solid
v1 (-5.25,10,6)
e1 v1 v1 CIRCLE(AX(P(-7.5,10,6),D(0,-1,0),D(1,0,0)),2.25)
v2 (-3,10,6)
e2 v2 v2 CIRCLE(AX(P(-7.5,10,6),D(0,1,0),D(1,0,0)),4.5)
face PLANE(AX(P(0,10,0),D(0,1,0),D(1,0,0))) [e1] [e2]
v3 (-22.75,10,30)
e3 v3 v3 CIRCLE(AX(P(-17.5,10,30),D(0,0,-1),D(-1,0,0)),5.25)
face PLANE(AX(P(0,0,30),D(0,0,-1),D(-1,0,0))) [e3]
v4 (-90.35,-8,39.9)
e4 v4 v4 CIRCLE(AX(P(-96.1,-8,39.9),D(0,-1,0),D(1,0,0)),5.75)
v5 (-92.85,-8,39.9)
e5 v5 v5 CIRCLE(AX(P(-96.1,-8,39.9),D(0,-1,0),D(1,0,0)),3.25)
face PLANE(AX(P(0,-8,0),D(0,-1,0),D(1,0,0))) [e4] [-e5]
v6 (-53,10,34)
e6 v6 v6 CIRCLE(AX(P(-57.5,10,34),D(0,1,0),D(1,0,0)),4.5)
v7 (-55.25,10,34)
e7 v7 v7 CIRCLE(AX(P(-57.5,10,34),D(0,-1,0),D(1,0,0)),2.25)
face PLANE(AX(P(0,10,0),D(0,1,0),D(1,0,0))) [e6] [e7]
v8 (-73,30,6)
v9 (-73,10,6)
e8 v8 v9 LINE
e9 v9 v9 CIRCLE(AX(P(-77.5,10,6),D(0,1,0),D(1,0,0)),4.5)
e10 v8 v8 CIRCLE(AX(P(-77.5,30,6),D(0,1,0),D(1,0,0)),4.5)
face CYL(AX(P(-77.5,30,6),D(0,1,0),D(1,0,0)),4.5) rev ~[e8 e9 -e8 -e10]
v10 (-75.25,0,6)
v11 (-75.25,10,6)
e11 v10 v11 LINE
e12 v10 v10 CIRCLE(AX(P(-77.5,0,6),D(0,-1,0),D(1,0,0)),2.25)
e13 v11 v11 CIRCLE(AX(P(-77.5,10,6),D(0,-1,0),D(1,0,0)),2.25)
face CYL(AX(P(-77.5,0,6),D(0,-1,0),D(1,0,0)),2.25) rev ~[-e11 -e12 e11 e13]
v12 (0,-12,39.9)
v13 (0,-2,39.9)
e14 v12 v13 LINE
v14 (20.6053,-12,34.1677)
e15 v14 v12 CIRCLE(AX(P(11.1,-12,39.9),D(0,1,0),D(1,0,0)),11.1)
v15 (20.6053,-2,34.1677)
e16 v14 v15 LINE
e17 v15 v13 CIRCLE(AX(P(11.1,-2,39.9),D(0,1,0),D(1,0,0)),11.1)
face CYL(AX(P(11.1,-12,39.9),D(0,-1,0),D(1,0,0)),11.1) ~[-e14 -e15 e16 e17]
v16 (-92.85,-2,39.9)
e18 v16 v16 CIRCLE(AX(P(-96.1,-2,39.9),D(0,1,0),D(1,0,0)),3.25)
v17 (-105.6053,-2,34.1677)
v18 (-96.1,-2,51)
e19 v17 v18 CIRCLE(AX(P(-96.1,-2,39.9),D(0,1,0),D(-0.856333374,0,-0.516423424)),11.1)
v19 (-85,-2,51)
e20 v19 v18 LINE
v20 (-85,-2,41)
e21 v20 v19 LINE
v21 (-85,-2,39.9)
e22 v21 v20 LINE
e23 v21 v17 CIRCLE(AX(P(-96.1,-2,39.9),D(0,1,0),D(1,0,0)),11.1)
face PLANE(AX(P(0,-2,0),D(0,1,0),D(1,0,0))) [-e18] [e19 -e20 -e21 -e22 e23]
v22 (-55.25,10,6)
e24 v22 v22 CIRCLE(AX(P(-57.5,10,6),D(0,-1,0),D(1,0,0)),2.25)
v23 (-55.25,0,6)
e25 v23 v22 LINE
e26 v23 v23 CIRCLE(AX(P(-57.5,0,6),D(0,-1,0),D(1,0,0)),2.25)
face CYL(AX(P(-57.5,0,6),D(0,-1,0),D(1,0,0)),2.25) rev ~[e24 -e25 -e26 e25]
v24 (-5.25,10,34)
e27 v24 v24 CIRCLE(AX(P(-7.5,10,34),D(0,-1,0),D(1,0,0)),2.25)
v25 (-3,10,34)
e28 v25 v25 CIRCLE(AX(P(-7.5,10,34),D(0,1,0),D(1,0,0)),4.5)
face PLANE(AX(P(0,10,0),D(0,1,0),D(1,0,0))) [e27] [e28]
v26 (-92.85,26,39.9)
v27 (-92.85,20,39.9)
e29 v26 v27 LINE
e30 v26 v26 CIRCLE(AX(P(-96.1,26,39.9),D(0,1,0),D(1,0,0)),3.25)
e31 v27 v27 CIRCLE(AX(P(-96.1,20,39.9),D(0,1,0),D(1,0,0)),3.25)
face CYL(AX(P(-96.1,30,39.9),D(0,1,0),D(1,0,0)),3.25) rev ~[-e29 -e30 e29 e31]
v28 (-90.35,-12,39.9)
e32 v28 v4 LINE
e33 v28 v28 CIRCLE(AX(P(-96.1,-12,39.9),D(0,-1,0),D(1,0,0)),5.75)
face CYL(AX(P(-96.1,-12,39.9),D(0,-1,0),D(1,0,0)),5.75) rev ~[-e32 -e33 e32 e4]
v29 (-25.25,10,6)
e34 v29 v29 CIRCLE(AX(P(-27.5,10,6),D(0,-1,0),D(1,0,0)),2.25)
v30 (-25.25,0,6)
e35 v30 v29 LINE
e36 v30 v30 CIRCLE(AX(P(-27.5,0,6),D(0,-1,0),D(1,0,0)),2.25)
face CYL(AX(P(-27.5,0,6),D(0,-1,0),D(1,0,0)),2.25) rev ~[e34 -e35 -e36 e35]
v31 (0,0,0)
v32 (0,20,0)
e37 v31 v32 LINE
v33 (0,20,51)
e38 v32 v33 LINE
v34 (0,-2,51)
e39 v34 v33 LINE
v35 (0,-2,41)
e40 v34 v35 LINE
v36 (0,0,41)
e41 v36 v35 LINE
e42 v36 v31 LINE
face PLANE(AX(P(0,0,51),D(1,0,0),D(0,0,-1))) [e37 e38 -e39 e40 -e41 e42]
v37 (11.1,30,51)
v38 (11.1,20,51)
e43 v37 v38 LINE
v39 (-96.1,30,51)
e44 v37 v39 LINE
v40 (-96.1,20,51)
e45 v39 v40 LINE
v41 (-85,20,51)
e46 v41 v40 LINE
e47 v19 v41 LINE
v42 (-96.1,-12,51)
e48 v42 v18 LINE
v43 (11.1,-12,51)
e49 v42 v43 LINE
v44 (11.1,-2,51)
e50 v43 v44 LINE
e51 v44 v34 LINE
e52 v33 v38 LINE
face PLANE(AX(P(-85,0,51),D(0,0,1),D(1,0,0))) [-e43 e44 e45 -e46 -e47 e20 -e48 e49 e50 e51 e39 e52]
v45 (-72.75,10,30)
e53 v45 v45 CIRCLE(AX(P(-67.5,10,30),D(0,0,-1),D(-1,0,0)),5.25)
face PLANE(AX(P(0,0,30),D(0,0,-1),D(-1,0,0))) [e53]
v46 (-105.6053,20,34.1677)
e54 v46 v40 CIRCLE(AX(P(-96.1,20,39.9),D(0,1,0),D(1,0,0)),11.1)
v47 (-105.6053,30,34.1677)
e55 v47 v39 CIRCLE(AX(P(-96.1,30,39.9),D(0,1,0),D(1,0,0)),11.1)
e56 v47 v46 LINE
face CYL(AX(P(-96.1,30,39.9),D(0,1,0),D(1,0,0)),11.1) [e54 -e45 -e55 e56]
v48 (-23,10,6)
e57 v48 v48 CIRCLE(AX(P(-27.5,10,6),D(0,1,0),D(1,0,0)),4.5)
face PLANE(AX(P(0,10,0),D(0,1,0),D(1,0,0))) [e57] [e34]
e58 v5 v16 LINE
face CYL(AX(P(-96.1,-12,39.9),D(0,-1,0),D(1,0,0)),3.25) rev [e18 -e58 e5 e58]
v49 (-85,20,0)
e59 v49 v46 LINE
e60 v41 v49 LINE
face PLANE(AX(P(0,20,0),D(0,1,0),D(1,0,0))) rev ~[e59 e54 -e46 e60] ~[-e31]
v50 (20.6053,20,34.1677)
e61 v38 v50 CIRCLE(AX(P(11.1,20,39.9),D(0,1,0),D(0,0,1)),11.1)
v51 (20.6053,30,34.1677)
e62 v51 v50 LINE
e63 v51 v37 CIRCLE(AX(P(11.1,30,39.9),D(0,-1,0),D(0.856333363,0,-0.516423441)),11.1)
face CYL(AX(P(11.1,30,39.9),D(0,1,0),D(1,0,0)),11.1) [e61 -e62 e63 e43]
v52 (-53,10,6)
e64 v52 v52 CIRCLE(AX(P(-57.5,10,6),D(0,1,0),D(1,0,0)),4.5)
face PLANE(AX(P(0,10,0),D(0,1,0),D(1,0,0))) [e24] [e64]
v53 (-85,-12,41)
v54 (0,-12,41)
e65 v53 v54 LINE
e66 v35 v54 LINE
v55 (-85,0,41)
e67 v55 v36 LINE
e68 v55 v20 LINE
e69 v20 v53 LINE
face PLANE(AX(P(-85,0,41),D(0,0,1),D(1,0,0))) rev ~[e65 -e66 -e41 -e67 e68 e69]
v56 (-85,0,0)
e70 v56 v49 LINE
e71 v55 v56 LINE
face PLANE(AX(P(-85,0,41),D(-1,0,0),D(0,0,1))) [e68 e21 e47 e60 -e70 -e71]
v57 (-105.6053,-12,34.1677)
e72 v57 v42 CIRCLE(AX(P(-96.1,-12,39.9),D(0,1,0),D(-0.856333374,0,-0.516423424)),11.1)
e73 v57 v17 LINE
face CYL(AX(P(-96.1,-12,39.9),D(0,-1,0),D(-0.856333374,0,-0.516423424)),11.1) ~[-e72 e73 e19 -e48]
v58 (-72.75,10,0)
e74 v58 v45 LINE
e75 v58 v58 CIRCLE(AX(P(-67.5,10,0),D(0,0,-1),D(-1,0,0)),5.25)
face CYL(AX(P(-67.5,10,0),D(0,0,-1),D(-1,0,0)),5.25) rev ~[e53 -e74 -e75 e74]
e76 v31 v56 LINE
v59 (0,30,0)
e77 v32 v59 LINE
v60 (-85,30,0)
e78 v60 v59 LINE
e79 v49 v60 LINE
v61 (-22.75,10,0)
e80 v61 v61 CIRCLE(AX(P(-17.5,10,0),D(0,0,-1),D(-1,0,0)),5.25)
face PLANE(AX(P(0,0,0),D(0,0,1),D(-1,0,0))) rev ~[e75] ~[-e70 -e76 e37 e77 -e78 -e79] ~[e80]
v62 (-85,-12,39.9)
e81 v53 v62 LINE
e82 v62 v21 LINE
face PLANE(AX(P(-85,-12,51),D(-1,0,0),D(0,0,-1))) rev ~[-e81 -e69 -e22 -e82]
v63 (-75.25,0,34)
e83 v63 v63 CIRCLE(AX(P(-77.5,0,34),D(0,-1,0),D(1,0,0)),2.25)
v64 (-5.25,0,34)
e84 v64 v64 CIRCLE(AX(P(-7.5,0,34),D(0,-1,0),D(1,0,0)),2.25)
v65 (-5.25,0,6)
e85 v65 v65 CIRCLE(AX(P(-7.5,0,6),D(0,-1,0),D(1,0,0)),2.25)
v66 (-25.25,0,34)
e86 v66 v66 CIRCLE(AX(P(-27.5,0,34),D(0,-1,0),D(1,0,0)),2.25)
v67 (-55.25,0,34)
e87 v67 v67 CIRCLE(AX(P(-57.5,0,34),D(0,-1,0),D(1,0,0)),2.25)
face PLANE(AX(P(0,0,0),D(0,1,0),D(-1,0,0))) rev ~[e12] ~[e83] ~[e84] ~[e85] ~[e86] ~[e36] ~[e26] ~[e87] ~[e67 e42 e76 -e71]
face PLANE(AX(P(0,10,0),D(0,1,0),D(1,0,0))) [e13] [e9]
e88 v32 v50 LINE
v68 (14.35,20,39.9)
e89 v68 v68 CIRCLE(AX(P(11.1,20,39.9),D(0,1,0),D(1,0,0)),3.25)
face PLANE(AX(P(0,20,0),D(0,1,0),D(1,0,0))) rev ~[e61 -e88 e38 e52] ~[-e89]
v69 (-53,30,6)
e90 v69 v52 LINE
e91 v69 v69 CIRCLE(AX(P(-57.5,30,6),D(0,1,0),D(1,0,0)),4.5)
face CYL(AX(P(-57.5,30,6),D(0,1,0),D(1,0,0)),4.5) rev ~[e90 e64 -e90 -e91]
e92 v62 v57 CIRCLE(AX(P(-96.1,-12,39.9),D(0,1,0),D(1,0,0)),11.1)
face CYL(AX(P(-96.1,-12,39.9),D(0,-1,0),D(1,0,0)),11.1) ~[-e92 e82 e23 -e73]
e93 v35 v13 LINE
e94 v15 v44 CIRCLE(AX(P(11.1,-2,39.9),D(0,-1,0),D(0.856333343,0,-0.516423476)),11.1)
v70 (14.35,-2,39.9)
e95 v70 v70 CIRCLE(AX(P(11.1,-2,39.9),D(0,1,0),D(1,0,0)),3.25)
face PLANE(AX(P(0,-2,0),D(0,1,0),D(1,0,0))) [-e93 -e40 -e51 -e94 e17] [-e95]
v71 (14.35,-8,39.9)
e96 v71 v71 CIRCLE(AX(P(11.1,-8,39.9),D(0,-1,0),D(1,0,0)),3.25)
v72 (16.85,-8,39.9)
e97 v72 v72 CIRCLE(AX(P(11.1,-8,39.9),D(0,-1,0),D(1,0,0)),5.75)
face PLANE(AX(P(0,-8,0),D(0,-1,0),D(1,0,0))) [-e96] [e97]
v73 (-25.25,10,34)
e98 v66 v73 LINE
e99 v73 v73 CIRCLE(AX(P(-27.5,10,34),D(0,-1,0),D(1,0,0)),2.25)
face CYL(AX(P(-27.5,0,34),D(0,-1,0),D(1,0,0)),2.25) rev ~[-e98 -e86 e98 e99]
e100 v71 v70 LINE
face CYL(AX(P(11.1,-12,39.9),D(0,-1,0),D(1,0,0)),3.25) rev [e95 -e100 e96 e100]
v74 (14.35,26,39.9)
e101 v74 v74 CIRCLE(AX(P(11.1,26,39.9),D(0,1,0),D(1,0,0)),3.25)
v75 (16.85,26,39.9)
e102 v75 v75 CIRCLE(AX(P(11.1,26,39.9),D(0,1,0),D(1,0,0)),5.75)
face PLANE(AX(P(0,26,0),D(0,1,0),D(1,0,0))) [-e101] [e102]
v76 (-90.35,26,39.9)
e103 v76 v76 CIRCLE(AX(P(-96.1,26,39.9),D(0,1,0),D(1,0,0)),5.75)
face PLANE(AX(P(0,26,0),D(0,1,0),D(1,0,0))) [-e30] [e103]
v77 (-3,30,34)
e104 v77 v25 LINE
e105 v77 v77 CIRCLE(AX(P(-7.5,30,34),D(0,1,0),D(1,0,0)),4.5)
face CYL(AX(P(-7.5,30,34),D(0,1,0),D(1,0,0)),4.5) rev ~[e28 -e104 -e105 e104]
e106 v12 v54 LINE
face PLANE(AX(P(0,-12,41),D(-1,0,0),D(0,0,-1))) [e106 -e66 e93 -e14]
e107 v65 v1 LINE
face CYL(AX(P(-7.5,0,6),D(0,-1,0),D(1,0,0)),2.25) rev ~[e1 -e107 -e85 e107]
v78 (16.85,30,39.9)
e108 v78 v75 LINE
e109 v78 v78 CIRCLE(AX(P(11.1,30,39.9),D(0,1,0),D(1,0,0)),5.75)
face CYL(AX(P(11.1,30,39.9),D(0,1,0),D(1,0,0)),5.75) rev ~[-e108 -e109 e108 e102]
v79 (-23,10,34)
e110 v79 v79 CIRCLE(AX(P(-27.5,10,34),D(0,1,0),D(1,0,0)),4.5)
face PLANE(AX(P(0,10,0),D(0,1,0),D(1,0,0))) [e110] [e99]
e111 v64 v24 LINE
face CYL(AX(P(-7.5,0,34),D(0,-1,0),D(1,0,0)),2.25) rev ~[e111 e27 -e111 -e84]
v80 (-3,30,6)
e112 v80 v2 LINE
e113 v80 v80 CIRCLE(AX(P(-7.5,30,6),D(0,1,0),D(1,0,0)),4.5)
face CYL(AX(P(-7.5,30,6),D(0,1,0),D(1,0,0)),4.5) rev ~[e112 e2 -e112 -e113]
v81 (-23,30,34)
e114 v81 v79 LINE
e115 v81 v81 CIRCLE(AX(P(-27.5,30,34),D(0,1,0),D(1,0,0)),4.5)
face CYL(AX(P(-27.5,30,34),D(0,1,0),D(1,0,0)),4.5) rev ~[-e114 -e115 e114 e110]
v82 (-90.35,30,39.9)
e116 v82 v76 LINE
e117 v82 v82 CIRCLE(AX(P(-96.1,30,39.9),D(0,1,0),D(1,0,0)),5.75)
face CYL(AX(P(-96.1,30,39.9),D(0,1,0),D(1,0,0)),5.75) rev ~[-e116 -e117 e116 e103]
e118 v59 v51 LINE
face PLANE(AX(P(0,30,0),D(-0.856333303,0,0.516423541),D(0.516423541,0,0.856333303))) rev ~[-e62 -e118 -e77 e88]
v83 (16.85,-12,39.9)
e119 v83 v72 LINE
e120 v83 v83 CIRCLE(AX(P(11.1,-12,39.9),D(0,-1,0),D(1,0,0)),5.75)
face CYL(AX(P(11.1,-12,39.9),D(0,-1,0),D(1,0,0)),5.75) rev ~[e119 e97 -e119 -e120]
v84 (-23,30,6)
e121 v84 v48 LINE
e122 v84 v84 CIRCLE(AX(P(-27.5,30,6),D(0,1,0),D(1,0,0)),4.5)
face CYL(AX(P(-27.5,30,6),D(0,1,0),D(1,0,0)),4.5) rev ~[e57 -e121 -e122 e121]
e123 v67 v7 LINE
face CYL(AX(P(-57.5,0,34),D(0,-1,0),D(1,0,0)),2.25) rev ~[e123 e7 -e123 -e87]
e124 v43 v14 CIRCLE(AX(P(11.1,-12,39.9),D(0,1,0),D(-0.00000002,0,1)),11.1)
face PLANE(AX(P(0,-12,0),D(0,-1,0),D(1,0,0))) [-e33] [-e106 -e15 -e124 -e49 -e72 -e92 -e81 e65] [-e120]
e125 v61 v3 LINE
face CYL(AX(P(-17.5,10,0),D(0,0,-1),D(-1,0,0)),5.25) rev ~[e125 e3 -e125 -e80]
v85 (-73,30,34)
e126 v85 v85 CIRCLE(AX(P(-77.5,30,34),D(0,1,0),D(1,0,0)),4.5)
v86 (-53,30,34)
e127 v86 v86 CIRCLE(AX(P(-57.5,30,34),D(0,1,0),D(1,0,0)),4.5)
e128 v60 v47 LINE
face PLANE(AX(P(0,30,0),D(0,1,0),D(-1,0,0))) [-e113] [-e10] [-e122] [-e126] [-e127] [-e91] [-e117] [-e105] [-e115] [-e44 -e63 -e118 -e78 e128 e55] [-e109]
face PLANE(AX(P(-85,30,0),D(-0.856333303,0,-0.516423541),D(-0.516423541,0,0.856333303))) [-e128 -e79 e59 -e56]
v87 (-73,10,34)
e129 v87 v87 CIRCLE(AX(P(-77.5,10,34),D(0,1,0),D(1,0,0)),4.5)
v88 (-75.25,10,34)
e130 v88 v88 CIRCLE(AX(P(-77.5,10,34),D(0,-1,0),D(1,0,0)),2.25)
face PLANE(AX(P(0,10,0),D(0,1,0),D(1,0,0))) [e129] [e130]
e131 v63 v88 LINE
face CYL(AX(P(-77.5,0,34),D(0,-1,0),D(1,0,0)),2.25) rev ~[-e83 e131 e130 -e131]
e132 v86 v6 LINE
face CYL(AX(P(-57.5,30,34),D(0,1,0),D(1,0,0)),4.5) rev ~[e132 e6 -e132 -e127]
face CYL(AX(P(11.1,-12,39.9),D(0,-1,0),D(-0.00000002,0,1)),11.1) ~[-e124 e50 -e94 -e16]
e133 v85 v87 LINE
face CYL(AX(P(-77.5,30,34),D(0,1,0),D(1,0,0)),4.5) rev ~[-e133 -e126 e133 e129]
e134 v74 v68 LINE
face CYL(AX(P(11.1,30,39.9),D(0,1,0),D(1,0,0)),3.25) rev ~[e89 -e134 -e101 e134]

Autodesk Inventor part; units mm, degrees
ref_plane "YZ Plane" through (0, 0, 0) normal (1, 0, 0) x (0, 1, 0)
ref_plane "XZ Plane" through (0, 0, 0) normal (0, 1, 0) x (-1, 0, 0)
sketch "Sketch1" plane through (0, 0, 0) normal (0, 1, 0) x (-1, 0, 0)
  line L0 (0, 0) -> (35, 0)
  line L1 (35, 0) -> (35, 40)
  line L2 (35, 40) -> (0, 40)
  line L3 (0, 40) -> (0, 0)
  line L4 (50, 0) -> (85, 0)
  line L5 (85, 0) -> (85, 40)
  line L6 (85, 40) -> (50, 40)
  line L7 (50, 40) -> (50, 0)
  line L8 (50, 40) -> (35, 40)
  line L9 (50, 0) -> (35, 0)
  line L10 (0, 40) -> (0, 51)
  line L11 (0, 51) -> (85, 51)
  line L12 (85, 51) -> (85, 40)
  dimension "d0" = 40
  dimension "d1" = 35
  dimension "d2" = 40
  dimension "d3" = 35
  dimension "d4" = 50
  dimension "d5" = 0
  dimension "d6" = 11
extrude "Extrusion1" add sketch "Sketch1" along normal blind 30
sketch "Sketch2" plane through (0, 0, 0) normal (0, -1, 0) x (1, 0, 0)
  line L0 (-85, 0) -> (-85, 51) projected
  line L1 (0, 0) -> (-85, 0) projected
  line L2 (0, 51) -> (0, 0) projected
  line L3 (-85, 51) -> (0, 51) projected
  line L4 (-85, 51) -> (0, 51) projected
  line L5 (-85, 0) -> (-85, 51) projected
  line L6 (0, 51) -> (-85, 51)
  line L7 (-85, 51) -> (-85, 41)
  line L8 (-85, 41) -> (0, 41)
  line L9 (0, 41) -> (0, 51)
  dimension "d9" = 10
extrude "Extrusion2" add sketch "Sketch2" along normal blind 12 contours L0 L3 L2 L8
sketch "Sketch3" plane through (0, 0, 0) normal (0, 0, -1) x (-1, 0, 0)
  line L0 (0, 0) -> (85, 0) projected
  line L1 (85, 0) -> (85, 30) projected
  line L2 (0, 30) -> (85, 30) projected
  line L3 (0, 0) -> (0, 30) projected
  circle A0 centre (17.5, 10) radius 5.25
  circle A1 centre (67.5, 10) radius 5.25
  dimension "d12" = 10.5
  dimension "d13" = 10.5
  dimension "d14" = 10
  dimension "d15" = 10
  dimension "d16" = 50
  dimension "d17" = 17.5
  dimension "d18" = 17.5
extrude "Extrusion3" cut sketch "Sketch3" against normal blind 30 contours A0 | A1
sketch "Sketch4" plane through (0, 30, 0) normal (0, 1, 0) x (1, 0, 0)
  line L0 (-85, 0) -> (-85, -51) projected
  line L1 (-85, -51) -> (0, -51) projected
  line L2 (0, -51) -> (0, 0) projected
  line L3 (0, 0) -> (-85, 0) projected
  line L4 (0, -51) -> (-85, -51) projected
  line L5 (-42.5, -51) -> (-42.5, 0) construction
  line L6 (0, 0) -> (-85, 0) projected
  circle A0 centre (11.1, -39.9) radius 3.25
  circle A1 centre (25, -51) radius 6.1 construction
  circle A2 centre (11.1, -39.9) radius 5
  circle A3 centre (11.1, -39.9) radius 11.1
  line L7 (0, -51) -> (11.1, -51)
  line L8 (0, -41) -> (-85, -41) projected
  line L9 (0, -41) -> (0, 0) projected
  line L10 (0, 0) -> (20.6053, -34.1677)
  circle A4 centre (-96.1, -39.9) radius 3.25
  circle A5 centre (-110, -51) radius 6.1 construction
  circle A6 centre (-96.1, -39.9) radius 5
  circle A7 centre (-96.1, -39.9) radius 11.1
  line L11 (-85, -51) -> (-96.1, -51)
  line L12 (-85, 0) -> (-105.6053, -34.1677)
  dimension "d22" = 6.5
  dimension "d23" = 11.1
  dimension "d24" = 12.2
  dimension "d25" = 25
  dimension "d26" = 0
  dimension "d27" = 10
  dimension "d28" = 11.1
  dimension "d30" = 22.2
extrude "Extrusion4" add sketch "Sketch4" against normal blind 10 contours L0 A7 L12 | A7 | L0 L11 A7 | L10 A3 L2 | A3 L7 L2 | A3 | A2 | A6
ref_plane "Work Plane1" through (0, -12, 0) normal (0, 1, 0) x (1, 0, 0)
sketch "Sketch5" plane through (0, -12, 0) normal (0, 1, 0) x (1, 0, 0)
  arc A0 (11.1, -51) -> (20.6053, -34.1677) centre (11.1, -39.9) ccw projected
  circle A1 centre (11.1, -39.9) radius 3.25 projected
  line L0 (0, -41) -> (0, -51) projected
  line L1 (0, -41) -> (0, 0) projected
  circle A2 centre (11.1, -39.9) radius 3.25 projected
  circle A3 centre (11.1, -39.9) radius 11.1
  line L2 (11.1, -51) -> (0, -51) projected
  line L3 (-85, -41) -> (0, -41) projected
  arc A4 (-105.6053, -34.1677) -> (-96.1, -51) centre (-96.1, -39.9) ccw projected
  circle A5 centre (-96.1, -39.9) radius 3.25 projected
  line L4 (-85, -51) -> (-96.1, -51) projected
  line L5 (-85, -51) -> (-85, -41) projected
  line L6 (-85, 0) -> (-85, -41) projected
  circle A6 centre (-96.1, -39.9) radius 11.1
  point P0 (20.6053, -34.1677)
  point P1 (0, -39.9)
  point P2 (-85, -39.9)
  point P3 (-105.6053, -34.1677)
extrude "Extrusion5" add sketch "Sketch5" along normal blind 10
sketch "Sketch6" plane through (0, 30, 0) normal (0, 1, 0) x (1, 0, 0)
  circle A0 centre (-96.1, -39.9) radius 3.25 projected
  circle A1 centre (11.1, -39.9) radius 3.25 projected
  circle A2 centre (11.1, -39.9) radius 5.75
  circle A3 centre (-96.1, -39.9) radius 5.75
  point P0 (0, 0)
  dimension "d36" = 11.5
  dimension "d37" = 11.5
extrude "Extrusion6" cut sketch "Sketch6" against normal blind 4
sketch "Sketch7" plane through (0, -12, 0) normal (0, -1, 0) x (1, 0, 0)
  circle A0 centre (11.1, 39.9) radius 3.25 projected
  circle A1 centre (-96.1, 39.9) radius 3.25 projected
  circle A2 centre (11.1, 39.9) radius 5.75 projected
  circle A3 centre (11.1, 39.9) radius 5.75 projected
  circle A4 centre (-96.1, 39.9) radius 5.75 projected
  point P0 (0, 0)
extrude "Extrusion7" cut sketch "Sketch7" against normal blind 4
sketch "Sketch8" plane through (0, 0, 0) normal (0, -1, 0) x (1, 0, 0)
  line L0 (0, 41) -> (-85, 41) projected
  line L1 (-85, 0) -> (-85, 41) projected
  line L2 (0, 0) -> (-85, 0) projected
  line L3 (0, 41) -> (0, 0) projected
  circle A0 centre (-7.5, 6) radius 2.25
  circle A1 centre (-27.5, 6) radius 2.25
  circle A2 centre (-7.5, 34) radius 2.25
  circle A3 centre (-27.5, 34) radius 2.25
  line L4 (0, 0) -> (-85, 0) projected
  line L5 (-42.5, 0) -> (-42.5, 41) construction
  line L6 (-85, 41) -> (0, 41) projected
  circle A4 centre (-77.5, 6) radius 2.25
  circle A5 centre (-57.5, 6) radius 2.25
  circle A6 centre (-77.5, 34) radius 2.25
  circle A7 centre (-57.5, 34) radius 2.25
  dimension "d42" = 4.5
  dimension "d45" = 20
  dimension "d48" = 28
  dimension "d51" = 6
  dimension "d52" = 7.5
extrude "Extrusion8" cut sketch "Sketch8" against normal through all contours A0 | A1 | A2 | A3 | A4 | A5 | A6 | A7
sketch "Sketch9" plane through (0, 30, 0) normal (0, 1, 0) x (1, 0, 0)
  line L0 (-12.25, 0) -> (-12.25, -30) projected
  circle A0 centre (-7.5, -34) radius 2.25 projected
  circle A1 centre (-77.5, -6) radius 2.25 projected
  circle A2 centre (-57.5, -6) radius 2.25 projected
  circle A3 centre (-7.5, -6) radius 2.25 projected
  circle A4 centre (-27.5, -34) radius 2.25 projected
  circle A5 centre (-77.5, -34) radius 2.25 projected
  circle A6 centre (-57.5, -34) radius 2.25 projected
  circle A7 centre (-27.5, -6) radius 2.25 projected
  circle A8 centre (-96.1, -39.9) radius 5.75 projected
  circle A9 centre (11.1, -39.9) radius 5.75 projected
  line L1 (-96.1, -51) -> (11.1, -51) projected
  arc A10 (11.1, -51) -> (20.6053, -34.1677) centre (11.1, -39.9) ccw projected
  line L2 (20.6053, -34.1677) -> (0, 0) projected
  line L3 (0, 0) -> (-85, 0) projected
  line L4 (-85, 0) -> (-105.6053, -34.1677) projected
  arc A11 (-105.6053, -34.1677) -> (-96.1, -51) centre (-96.1, -39.9) ccw projected
  circle A12 centre (-7.5, -6) radius 4.5
  circle A13 centre (-7.5, -34) radius 4.5
  circle A14 centre (-27.5, -34) radius 2.25 projected
  circle A15 centre (-27.5, -34) radius 4.5
  circle A16 centre (-27.5, -6) radius 2.25 projected
  circle A17 centre (-27.5, -6) radius 4.5
  circle A18 centre (-57.5, -6) radius 2.25 projected
  circle A19 centre (-57.5, -6) radius 4.5
  circle A20 centre (-57.5, -34) radius 4.5
  circle A21 centre (-77.5, -34) radius 2.25 projected
  circle A22 centre (-77.5, -34) radius 4.5
  circle A23 centre (-77.5, -6) radius 2.25 projected
  circle A24 centre (-77.5, -6) radius 4.5
  dimension "d55" = 9
  dimension "d56" = 9
  dimension "d57" = 9
  dimension "d58" = 9
  dimension "d59" = 9
  dimension "d60" = 9
  dimension "d61" = 9
  dimension "d62" = 9
extrude "Extrusion9" cut sketch "Sketch9" against normal blind 20 contours A0 | A1 | A2 | A3 | A4 | A5 | A6 | A7 | A12 | A13 | A15 | A17 | A19 | A20 | A22 | A24
equation "\"d17\" = d18"
equation "\"d23\" = 0.5 * d30"
equation "\"d28\" = 0.5 * d27 + 0.5 * d24"
equation "\"d30\" = 2 * d28"
equation "\"d31\" = d27"
equation "\"d56\" = d55"
equation "\"d57\" = d55"
equation "\"d58\" = d55"
equation "\"d59\" = d55"
equation "\"d60\" = d55"
equation "\"d61\" = d55"
equation "\"d62\" = d55"
properties part number "YAxisEndBlock_10mm"
